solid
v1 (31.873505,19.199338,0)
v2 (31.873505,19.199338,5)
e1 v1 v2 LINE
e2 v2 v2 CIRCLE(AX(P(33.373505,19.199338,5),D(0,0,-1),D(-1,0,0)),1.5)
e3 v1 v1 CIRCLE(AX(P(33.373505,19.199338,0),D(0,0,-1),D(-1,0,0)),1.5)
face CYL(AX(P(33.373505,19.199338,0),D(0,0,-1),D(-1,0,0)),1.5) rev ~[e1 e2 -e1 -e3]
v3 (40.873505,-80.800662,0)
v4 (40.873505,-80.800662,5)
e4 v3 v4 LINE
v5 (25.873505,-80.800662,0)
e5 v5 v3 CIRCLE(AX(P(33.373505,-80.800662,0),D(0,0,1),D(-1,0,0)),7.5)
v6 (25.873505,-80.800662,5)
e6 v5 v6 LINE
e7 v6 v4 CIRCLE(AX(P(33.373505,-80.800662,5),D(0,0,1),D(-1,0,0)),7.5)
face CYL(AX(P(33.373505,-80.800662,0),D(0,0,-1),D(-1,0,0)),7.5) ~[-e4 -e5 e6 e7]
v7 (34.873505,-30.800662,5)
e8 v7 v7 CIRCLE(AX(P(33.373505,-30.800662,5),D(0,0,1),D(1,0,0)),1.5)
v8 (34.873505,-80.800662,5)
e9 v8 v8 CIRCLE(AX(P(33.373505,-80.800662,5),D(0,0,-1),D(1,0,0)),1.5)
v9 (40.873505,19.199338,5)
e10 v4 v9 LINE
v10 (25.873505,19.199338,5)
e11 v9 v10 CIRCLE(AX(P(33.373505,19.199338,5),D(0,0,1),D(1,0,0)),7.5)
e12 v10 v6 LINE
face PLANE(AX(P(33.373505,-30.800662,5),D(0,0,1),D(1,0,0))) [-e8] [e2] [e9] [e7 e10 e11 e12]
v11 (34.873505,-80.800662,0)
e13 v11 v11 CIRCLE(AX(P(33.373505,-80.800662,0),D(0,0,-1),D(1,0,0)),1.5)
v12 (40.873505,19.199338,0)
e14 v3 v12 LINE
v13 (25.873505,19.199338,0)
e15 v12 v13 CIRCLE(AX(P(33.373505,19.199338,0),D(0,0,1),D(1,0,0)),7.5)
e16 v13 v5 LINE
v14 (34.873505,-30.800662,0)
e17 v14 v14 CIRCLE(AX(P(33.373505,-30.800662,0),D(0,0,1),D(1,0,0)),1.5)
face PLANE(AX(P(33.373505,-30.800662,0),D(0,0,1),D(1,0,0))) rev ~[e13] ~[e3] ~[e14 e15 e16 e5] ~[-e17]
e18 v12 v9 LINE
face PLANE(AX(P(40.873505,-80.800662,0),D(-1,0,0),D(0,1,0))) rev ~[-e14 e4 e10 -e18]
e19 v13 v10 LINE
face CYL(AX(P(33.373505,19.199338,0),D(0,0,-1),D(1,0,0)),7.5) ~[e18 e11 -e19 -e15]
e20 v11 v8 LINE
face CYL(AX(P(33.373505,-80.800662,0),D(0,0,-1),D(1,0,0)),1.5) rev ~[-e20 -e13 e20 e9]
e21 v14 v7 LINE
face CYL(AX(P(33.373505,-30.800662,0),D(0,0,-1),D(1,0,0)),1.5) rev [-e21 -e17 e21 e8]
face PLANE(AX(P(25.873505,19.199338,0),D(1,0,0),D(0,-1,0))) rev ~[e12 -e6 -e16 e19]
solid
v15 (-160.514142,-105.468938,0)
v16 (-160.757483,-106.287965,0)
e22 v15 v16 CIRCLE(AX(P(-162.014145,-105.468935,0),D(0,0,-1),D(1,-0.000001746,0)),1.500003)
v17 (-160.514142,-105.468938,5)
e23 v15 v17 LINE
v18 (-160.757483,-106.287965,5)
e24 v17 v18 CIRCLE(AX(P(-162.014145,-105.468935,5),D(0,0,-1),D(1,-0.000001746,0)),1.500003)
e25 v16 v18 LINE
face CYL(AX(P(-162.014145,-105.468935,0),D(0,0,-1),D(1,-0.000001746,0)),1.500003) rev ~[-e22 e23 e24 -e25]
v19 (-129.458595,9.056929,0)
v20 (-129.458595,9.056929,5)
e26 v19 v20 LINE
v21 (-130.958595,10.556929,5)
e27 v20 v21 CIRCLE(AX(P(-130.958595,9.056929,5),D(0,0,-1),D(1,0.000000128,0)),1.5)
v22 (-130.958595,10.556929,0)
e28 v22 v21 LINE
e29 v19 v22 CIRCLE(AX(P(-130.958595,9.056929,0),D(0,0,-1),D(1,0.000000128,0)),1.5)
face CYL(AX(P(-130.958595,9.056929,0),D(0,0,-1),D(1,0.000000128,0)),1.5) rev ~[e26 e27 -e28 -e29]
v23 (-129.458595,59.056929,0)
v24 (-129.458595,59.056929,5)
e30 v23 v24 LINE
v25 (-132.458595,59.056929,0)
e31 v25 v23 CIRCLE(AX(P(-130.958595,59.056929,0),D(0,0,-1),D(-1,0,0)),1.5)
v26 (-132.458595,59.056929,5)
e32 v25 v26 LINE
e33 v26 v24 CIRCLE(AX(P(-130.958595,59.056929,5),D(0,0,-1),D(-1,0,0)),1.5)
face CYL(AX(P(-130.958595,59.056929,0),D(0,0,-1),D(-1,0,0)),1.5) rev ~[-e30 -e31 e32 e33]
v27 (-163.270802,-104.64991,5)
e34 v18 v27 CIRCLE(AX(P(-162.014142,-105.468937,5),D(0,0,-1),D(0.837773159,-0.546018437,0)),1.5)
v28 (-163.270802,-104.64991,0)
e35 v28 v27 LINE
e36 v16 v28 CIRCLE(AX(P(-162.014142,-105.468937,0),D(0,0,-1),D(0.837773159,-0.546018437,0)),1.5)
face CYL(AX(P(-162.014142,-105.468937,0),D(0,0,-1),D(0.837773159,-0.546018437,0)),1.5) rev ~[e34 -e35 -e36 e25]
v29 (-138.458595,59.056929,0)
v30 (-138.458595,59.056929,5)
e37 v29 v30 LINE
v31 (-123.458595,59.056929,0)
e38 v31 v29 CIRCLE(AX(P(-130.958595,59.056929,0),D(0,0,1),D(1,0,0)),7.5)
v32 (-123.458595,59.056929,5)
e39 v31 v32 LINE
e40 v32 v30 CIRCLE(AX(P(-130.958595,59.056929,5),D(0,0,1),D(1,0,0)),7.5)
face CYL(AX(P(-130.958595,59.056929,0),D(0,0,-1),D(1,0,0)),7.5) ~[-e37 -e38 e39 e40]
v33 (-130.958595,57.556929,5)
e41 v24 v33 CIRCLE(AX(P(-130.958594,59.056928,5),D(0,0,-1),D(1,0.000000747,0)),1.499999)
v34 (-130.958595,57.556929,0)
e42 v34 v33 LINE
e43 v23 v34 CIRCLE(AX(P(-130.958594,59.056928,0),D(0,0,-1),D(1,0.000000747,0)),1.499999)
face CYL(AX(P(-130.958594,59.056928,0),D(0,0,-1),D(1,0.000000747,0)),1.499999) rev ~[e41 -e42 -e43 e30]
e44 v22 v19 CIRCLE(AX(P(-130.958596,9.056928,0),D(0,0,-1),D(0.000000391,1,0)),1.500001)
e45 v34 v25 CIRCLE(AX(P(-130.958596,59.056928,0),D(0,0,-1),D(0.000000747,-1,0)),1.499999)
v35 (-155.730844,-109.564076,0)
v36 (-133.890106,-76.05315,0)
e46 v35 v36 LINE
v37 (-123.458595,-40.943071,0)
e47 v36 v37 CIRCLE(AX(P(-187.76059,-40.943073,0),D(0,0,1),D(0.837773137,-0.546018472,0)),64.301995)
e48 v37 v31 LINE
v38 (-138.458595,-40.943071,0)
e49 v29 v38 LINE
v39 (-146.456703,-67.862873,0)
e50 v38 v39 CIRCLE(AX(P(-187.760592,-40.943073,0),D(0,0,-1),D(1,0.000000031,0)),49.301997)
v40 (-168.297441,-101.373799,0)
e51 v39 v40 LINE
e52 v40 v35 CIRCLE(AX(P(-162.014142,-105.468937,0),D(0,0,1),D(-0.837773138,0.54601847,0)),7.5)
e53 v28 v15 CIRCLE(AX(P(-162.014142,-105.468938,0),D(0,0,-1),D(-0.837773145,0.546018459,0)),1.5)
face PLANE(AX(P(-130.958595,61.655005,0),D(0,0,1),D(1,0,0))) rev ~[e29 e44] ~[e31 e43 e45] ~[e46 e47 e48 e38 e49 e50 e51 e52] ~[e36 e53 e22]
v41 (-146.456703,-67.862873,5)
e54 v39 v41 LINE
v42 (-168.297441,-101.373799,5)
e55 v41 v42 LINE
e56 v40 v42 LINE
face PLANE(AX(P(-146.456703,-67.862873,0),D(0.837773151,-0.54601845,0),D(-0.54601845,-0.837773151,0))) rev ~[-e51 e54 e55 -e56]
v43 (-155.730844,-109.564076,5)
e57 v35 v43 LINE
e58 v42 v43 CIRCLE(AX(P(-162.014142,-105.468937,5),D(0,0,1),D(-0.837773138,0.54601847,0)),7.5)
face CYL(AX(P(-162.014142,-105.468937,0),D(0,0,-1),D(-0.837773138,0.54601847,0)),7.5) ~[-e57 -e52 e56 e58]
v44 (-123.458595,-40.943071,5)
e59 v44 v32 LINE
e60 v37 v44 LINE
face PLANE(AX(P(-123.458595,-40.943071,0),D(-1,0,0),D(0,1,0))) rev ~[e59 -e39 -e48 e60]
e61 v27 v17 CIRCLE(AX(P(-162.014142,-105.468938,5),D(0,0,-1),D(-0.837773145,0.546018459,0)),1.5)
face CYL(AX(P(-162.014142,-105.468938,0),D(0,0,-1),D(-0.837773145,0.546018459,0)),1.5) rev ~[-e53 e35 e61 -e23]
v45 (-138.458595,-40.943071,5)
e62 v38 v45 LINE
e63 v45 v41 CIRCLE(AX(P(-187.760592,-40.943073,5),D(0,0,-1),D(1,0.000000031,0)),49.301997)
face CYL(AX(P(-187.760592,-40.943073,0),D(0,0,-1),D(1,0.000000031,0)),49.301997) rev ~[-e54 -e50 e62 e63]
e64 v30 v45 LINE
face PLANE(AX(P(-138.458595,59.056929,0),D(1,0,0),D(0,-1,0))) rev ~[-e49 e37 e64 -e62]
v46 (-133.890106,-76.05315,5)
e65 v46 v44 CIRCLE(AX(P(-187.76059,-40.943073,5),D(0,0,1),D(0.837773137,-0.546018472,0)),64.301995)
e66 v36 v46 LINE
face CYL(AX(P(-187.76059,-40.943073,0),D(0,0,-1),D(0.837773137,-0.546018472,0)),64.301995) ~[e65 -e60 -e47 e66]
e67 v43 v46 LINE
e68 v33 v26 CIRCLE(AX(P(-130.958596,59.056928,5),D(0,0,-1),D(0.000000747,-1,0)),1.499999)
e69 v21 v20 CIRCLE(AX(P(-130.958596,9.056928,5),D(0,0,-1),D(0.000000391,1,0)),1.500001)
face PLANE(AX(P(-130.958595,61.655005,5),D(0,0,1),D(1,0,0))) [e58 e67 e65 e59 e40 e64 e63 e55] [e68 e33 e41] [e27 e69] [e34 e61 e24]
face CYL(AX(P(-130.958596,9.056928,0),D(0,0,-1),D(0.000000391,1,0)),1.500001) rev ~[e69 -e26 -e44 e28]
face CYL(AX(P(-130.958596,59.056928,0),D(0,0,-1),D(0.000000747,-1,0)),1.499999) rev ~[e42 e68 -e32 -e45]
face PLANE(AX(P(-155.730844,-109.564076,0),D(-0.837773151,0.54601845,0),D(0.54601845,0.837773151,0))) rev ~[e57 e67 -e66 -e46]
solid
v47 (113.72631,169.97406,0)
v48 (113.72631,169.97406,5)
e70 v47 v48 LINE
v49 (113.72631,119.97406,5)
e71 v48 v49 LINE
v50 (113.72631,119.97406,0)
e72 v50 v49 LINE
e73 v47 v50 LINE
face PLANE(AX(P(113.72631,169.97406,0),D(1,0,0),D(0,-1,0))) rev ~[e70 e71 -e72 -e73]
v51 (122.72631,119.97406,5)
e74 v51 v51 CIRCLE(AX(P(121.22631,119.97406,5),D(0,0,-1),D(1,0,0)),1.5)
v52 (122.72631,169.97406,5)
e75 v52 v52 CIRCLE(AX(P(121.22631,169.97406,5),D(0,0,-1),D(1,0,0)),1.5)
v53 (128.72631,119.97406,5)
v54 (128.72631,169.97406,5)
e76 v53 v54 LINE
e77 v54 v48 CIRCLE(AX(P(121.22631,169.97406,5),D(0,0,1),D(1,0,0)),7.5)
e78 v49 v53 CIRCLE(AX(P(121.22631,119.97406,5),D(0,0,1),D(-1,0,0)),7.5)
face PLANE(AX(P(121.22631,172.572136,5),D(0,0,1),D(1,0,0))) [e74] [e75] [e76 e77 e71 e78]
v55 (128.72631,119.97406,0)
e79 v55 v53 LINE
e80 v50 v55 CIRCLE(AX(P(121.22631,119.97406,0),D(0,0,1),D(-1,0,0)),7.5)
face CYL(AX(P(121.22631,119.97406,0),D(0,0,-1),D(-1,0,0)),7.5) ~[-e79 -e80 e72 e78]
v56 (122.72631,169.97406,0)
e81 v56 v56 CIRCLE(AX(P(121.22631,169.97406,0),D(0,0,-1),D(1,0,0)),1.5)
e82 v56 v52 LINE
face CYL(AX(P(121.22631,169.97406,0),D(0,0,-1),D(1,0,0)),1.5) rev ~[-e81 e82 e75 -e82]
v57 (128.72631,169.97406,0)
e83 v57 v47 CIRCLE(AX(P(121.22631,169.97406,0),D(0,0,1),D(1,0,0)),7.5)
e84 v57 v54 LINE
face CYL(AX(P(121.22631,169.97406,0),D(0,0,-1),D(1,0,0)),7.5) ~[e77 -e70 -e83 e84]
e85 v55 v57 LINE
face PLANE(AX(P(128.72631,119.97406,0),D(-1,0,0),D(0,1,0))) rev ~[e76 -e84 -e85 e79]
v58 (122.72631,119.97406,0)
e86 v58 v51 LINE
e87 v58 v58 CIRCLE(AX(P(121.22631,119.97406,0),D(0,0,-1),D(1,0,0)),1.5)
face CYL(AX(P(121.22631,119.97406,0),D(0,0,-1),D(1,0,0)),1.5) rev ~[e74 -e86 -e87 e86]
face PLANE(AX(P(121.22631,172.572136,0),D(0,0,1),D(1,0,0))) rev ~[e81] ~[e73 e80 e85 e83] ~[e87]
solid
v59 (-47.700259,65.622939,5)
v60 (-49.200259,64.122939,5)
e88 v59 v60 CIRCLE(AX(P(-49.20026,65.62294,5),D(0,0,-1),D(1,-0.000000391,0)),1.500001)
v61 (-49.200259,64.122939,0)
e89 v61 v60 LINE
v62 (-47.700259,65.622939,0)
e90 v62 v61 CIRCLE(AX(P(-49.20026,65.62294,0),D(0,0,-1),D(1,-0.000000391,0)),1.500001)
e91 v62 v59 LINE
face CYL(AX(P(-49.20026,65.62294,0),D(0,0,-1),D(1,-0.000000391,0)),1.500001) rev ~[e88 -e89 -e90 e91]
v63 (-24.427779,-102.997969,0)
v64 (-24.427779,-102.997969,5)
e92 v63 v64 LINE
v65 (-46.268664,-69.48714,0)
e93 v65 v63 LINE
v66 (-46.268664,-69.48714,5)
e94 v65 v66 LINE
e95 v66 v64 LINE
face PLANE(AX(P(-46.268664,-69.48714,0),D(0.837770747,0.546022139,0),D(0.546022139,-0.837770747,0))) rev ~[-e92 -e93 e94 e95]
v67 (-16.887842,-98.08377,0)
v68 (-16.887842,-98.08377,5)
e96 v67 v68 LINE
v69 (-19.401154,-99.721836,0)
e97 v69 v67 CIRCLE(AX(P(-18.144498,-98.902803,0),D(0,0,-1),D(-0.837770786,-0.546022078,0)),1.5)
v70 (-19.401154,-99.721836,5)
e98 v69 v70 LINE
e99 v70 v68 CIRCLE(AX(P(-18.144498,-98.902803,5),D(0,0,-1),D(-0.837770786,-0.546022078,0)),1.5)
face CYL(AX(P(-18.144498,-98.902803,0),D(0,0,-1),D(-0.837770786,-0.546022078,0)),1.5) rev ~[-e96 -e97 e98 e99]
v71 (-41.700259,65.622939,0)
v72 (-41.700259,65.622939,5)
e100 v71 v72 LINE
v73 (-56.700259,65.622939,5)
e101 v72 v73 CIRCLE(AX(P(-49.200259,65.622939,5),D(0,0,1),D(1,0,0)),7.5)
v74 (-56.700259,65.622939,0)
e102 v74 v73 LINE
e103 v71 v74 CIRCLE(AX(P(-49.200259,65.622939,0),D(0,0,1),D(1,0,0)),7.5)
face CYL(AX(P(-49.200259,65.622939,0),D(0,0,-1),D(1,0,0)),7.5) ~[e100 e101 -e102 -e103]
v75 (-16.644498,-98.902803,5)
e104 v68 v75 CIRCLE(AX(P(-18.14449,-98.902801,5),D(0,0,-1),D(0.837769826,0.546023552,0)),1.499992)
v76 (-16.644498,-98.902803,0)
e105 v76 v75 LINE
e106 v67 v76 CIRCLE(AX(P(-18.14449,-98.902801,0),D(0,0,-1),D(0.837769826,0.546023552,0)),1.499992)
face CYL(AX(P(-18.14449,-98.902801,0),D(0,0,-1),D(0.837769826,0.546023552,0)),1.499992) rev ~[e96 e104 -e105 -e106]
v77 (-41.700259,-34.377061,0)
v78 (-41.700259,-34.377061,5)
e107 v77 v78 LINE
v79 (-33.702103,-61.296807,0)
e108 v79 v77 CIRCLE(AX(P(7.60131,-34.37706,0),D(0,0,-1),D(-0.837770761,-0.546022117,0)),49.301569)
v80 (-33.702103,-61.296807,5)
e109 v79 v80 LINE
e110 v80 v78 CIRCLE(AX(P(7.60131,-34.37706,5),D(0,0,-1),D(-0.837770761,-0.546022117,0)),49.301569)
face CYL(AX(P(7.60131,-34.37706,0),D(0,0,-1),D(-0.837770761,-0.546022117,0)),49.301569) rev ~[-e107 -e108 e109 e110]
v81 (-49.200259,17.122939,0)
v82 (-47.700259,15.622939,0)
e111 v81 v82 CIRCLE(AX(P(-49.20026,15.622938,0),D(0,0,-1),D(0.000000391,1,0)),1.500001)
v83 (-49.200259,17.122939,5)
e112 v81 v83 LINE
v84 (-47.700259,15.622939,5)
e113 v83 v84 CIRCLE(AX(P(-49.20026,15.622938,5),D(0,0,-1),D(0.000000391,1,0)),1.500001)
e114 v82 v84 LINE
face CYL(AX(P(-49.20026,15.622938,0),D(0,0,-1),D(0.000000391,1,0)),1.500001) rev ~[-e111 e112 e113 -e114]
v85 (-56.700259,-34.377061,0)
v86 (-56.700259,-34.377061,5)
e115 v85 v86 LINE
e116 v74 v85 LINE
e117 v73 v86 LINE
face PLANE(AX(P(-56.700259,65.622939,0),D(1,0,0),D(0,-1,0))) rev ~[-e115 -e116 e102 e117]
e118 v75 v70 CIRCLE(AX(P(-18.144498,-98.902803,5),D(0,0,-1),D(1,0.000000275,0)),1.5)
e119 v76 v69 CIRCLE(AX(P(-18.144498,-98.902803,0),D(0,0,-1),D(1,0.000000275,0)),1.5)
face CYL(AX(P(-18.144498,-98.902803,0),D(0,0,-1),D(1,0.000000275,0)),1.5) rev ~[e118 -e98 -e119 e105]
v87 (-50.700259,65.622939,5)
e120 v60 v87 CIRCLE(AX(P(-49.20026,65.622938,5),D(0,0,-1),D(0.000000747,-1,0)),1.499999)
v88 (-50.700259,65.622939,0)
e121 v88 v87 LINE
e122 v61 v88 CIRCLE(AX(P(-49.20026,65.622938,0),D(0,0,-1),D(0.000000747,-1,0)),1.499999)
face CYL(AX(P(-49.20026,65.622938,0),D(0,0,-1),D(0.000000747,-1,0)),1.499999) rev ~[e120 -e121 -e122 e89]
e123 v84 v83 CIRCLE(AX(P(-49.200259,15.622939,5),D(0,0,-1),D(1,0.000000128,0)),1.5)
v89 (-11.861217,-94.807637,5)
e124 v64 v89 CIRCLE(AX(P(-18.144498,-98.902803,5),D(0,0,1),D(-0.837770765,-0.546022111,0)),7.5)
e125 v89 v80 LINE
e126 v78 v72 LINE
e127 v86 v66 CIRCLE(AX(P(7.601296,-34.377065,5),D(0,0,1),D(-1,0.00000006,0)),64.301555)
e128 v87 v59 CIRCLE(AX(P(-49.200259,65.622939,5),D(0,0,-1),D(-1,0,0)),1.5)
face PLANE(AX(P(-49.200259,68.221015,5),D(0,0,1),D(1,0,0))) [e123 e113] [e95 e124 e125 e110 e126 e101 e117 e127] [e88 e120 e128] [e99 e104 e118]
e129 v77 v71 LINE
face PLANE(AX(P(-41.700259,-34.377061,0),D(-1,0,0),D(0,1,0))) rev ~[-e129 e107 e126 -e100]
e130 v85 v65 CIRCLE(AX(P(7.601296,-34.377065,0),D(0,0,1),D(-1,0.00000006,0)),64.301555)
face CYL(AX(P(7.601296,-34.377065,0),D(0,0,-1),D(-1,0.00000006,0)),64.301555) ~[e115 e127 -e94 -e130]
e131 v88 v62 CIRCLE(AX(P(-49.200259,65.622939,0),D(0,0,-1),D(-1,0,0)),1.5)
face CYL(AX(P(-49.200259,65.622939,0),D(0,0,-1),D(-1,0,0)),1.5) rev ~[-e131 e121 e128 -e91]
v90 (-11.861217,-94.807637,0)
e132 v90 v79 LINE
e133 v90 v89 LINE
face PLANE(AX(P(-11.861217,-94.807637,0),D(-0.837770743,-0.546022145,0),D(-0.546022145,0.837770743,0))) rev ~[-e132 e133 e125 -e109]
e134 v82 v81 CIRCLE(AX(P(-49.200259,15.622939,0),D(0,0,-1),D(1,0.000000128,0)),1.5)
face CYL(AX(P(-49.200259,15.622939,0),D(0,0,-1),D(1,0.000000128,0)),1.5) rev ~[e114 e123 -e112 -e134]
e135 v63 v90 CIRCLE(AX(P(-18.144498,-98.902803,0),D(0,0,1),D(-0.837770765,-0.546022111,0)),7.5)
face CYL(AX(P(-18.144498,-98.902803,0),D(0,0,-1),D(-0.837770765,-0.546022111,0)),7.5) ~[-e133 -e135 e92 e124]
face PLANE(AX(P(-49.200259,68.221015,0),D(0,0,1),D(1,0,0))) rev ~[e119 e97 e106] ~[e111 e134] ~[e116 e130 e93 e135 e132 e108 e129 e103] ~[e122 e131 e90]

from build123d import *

# Parameters (mm, degrees)
F0_R     = 1.5
F1_DEPTH = 5
F3_DEPTH = 5
F4_DEPTH = 5
F6_DEPTH = 5


with BuildPart() as f1:
    # F0 (on Top) → F1 (new body)
    with BuildSketch(Plane.XY):
        with BuildLine():
            Line((31.873505, 19.199338), (25.873505, 19.199338))
            Line((25.873505, 19.199338), (25.873505, -80.800662))
            Line((25.873505, -80.800662), (31.873505, -80.800662))
            ThreePointArc((31.873505, -80.800662), (33.373505, -79.300662), (34.873505, -80.800662))
            Line((34.873505, -80.800662), (40.873505, -80.800662))
            Line((40.873505, -80.800662), (40.873505, 19.199338))
            Line((40.873505, 19.199338), (34.873505, 19.199338))
            ThreePointArc((34.873505, 19.199338), (33.373505, 17.699338), (31.873505, 19.199338))
        make_face()
        with Locations((33.373505, -30.800662)):
            Circle(F0_R, mode=Mode.SUBTRACT)
        with BuildLine():
            ThreePointArc((40.873505, 19.199338), (33.373505, 26.699338), (25.873505, 19.199338))
            Line((25.873505, 19.199338), (31.873505, 19.199338))
            ThreePointArc((31.873505, 19.199338), (33.373505, 20.699338), (34.873505, 19.199338))
            Line((34.873505, 19.199338), (40.873505, 19.199338))
        make_face()
        with BuildLine():
            Line((31.873505, -80.800662), (25.873505, -80.800662))
            ThreePointArc((25.873505, -80.800662), (33.373505, -88.300662), (40.873505, -80.800662))
            Line((40.873505, -80.800662), (34.873505, -80.800662))
            ThreePointArc((34.873505, -80.800662), (33.373505, -82.300662), (31.873505, -80.800662))
        make_face()
    extrude(amount=F1_DEPTH)


with BuildPart() as f3:
    # F2 (on Top) → F3 (new body)
    with BuildSketch(Plane.XY):
        with BuildLine():
            ThreePointArc((-41.700259, 65.622939), (-49.200259, 73.122939), (-56.700259, 65.622939))
            Line((-56.700259, 65.622939), (-50.700259, 65.622939))
            ThreePointArc((-50.700259, 65.622939), (-49.200259, 67.122939), (-47.700259, 65.622939))
            Line((-47.700259, 65.622939), (-41.700259, 65.622939))
        make_face()
        with BuildLine():
            Line((-50.700259, 65.622939), (-56.700259, 65.622939))
            Line((-56.700259, 65.622939), (-56.700259, -34.377061))
            Line((-56.700259, -34.377061), (-41.700259, -34.377061))
            Line((-41.700259, -34.377061), (-41.700259, 65.622939))
            Line((-41.700259, 65.622939), (-47.700259, 65.622939))
            ThreePointArc((-47.700259, 65.622939), (-48.139599, 64.562279), (-49.200259, 64.122939))
            ThreePointArc((-49.200259, 64.122939), (-50.26092, 64.562279), (-50.700259, 65.622939))
        make_face()
        with BuildLine():
            ThreePointArc((-47.700259, 15.622939), (-50.26092, 14.562279), (-49.200259, 17.122939))
            ThreePointArc((-49.200259, 17.122939), (-48.139599, 16.683599), (-47.700259, 15.622939))
        make_face(mode=Mode.SUBTRACT)
        with BuildLine():
            Line((-41.700259, -34.377061), (-56.700259, -34.377061))
            ThreePointArc((-56.700259, -34.377061), (-54.037216, -52.690552), (-46.268664, -69.48714))
            Line((-46.268664, -69.48714), (-33.702103, -61.296807))
            ThreePointArc((-33.702103, -61.296807), (-39.658439, -48.418457), (-41.700259, -34.377061))
        make_face()
        with BuildLine():
            Line((-33.702103, -61.296807), (-46.268664, -69.48714))
            Line((-46.268664, -69.48714), (-24.427779, -102.997969))
            Line((-24.427779, -102.997969), (-19.401154, -99.721836))
            ThreePointArc((-19.401154, -99.721836), (-18.963531, -97.646147), (-16.887842, -98.08377))
            Line((-16.887842, -98.08377), (-11.861217, -94.807637))
            Line((-11.861217, -94.807637), (-33.702103, -61.296807))
        make_face()
        with BuildLine():
            Line((-19.401154, -99.721836), (-24.427779, -102.997969))
            ThreePointArc((-24.427779, -102.997969), (-14.049332, -105.186084), (-11.861217, -94.807637))
            Line((-11.861217, -94.807637), (-16.887842, -98.08377))
            ThreePointArc((-16.887842, -98.08377), (-16.70662, -98.475594), (-16.644498, -98.902803))
            ThreePointArc((-16.644498, -98.902803), (-17.717289, -100.340681), (-19.401154, -99.721836))
        make_face()
    extrude(amount=F3_DEPTH)


with BuildPart() as f4:
    # F2 (on Top) → F4 (new body)
    with BuildSketch(Plane.XY):
        with BuildLine():
            Line((-129.458595, 59.056929), (-123.458595, 59.056929))
            ThreePointArc((-123.458595, 59.056929), (-130.958595, 66.556929), (-138.458595, 59.056929))
            Line((-138.458595, 59.056929), (-132.458595, 59.056929))
            ThreePointArc((-132.458595, 59.056929), (-130.958595, 60.556929), (-129.458595, 59.056929))
        make_face()
        with BuildLine():
            Line((-123.458595, -40.943071), (-123.458595, 59.056929))
            Line((-123.458595, 59.056929), (-129.458595, 59.056929))
            ThreePointArc((-129.458595, 59.056929), (-129.897935, 57.996268), (-130.958595, 57.556929))
            ThreePointArc((-130.958595, 57.556929), (-132.019255, 57.996268), (-132.458595, 59.056929))
            Line((-132.458595, 59.056929), (-138.458595, 59.056929))
            Line((-138.458595, 59.056929), (-138.458595, -40.943071))
            Line((-138.458595, -40.943071), (-123.458595, -40.943071))
        make_face()
        with BuildLine():
            ThreePointArc((-129.458595, 9.056929), (-132.019255, 7.996268), (-130.958595, 10.556929))
            ThreePointArc((-130.958595, 10.556929), (-129.897935, 10.117589), (-129.458595, 9.056929))
        make_face(mode=Mode.SUBTRACT)
        with BuildLine():
            ThreePointArc((-133.890106, -76.05315), (-126.121616, -59.25655), (-123.458595, -40.943071))
            Line((-123.458595, -40.943071), (-138.458595, -40.943071))
            ThreePointArc((-138.458595, -40.943071), (-140.500402, -54.984488), (-146.456703, -67.862873))
            Line((-146.456703, -67.862873), (-133.890106, -76.05315))
        make_face()
        with BuildLine():
            Line((-155.730844, -109.564076), (-133.890106, -76.05315))
            Line((-133.890106, -76.05315), (-146.456703, -67.862873))
            Line((-146.456703, -67.862873), (-168.297441, -101.373799))
            Line((-168.297441, -101.373799), (-163.270802, -104.64991))
            ThreePointArc((-163.270802, -104.64991), (-161.586936, -104.031059), (-160.514142, -105.468938))
            ThreePointArc((-160.514142, -105.468938), (-160.576264, -105.896144), (-160.757483, -106.287965))
            Line((-160.757483, -106.287965), (-155.730844, -109.564076))
        make_face()
        with BuildLine():
            ThreePointArc((-168.297441, -101.373799), (-166.109281, -111.752236), (-155.730844, -109.564076))
            Line((-155.730844, -109.564076), (-160.757483, -106.287965))
            ThreePointArc((-160.757483, -106.287965), (-162.83317, -106.725597), (-163.270802, -104.64991))
            Line((-163.270802, -104.64991), (-168.297441, -101.373799))
        make_face()
    extrude(amount=F4_DEPTH)


with BuildPart() as f6:
    # F5 (on Top) → F6 (new body)
    with BuildSketch(Plane.XY):
        with BuildLine():
            ThreePointArc((128.72631, 169.97406), (121.22631, 177.47406), (113.72631, 169.97406))
            Line((113.72631, 169.97406), (119.72631, 169.97406))
            ThreePointArc((119.72631, 169.97406), (121.22631, 171.47406), (122.72631, 169.97406))
            Line((122.72631, 169.97406), (128.72631, 169.97406))
        make_face()
        with BuildLine():
            Line((119.72631, 169.97406), (113.72631, 169.97406))
            Line((113.72631, 169.97406), (113.72631, 119.97406))
            Line((113.72631, 119.97406), (119.72631, 119.97406))
            ThreePointArc((119.72631, 119.97406), (121.22631, 121.47406), (122.72631, 119.97406))
            Line((122.72631, 119.97406), (128.72631, 119.97406))
            Line((128.72631, 119.97406), (128.72631, 169.97406))
            Line((128.72631, 169.97406), (122.72631, 169.97406))
            ThreePointArc((122.72631, 169.97406), (121.22631, 168.47406), (119.72631, 169.97406))
        make_face()
        with BuildLine():
            Line((119.72631, 119.97406), (113.72631, 119.97406))
            ThreePointArc((113.72631, 119.97406), (121.22631, 112.47406), (128.72631, 119.97406))
            Line((128.72631, 119.97406), (122.72631, 119.97406))
            ThreePointArc((122.72631, 119.97406), (121.22631, 118.47406), (119.72631, 119.97406))
        make_face()
    extrude(amount=F6_DEPTH)


solid = Compound([f1.part, f3.part, f4.part, f6.part])
